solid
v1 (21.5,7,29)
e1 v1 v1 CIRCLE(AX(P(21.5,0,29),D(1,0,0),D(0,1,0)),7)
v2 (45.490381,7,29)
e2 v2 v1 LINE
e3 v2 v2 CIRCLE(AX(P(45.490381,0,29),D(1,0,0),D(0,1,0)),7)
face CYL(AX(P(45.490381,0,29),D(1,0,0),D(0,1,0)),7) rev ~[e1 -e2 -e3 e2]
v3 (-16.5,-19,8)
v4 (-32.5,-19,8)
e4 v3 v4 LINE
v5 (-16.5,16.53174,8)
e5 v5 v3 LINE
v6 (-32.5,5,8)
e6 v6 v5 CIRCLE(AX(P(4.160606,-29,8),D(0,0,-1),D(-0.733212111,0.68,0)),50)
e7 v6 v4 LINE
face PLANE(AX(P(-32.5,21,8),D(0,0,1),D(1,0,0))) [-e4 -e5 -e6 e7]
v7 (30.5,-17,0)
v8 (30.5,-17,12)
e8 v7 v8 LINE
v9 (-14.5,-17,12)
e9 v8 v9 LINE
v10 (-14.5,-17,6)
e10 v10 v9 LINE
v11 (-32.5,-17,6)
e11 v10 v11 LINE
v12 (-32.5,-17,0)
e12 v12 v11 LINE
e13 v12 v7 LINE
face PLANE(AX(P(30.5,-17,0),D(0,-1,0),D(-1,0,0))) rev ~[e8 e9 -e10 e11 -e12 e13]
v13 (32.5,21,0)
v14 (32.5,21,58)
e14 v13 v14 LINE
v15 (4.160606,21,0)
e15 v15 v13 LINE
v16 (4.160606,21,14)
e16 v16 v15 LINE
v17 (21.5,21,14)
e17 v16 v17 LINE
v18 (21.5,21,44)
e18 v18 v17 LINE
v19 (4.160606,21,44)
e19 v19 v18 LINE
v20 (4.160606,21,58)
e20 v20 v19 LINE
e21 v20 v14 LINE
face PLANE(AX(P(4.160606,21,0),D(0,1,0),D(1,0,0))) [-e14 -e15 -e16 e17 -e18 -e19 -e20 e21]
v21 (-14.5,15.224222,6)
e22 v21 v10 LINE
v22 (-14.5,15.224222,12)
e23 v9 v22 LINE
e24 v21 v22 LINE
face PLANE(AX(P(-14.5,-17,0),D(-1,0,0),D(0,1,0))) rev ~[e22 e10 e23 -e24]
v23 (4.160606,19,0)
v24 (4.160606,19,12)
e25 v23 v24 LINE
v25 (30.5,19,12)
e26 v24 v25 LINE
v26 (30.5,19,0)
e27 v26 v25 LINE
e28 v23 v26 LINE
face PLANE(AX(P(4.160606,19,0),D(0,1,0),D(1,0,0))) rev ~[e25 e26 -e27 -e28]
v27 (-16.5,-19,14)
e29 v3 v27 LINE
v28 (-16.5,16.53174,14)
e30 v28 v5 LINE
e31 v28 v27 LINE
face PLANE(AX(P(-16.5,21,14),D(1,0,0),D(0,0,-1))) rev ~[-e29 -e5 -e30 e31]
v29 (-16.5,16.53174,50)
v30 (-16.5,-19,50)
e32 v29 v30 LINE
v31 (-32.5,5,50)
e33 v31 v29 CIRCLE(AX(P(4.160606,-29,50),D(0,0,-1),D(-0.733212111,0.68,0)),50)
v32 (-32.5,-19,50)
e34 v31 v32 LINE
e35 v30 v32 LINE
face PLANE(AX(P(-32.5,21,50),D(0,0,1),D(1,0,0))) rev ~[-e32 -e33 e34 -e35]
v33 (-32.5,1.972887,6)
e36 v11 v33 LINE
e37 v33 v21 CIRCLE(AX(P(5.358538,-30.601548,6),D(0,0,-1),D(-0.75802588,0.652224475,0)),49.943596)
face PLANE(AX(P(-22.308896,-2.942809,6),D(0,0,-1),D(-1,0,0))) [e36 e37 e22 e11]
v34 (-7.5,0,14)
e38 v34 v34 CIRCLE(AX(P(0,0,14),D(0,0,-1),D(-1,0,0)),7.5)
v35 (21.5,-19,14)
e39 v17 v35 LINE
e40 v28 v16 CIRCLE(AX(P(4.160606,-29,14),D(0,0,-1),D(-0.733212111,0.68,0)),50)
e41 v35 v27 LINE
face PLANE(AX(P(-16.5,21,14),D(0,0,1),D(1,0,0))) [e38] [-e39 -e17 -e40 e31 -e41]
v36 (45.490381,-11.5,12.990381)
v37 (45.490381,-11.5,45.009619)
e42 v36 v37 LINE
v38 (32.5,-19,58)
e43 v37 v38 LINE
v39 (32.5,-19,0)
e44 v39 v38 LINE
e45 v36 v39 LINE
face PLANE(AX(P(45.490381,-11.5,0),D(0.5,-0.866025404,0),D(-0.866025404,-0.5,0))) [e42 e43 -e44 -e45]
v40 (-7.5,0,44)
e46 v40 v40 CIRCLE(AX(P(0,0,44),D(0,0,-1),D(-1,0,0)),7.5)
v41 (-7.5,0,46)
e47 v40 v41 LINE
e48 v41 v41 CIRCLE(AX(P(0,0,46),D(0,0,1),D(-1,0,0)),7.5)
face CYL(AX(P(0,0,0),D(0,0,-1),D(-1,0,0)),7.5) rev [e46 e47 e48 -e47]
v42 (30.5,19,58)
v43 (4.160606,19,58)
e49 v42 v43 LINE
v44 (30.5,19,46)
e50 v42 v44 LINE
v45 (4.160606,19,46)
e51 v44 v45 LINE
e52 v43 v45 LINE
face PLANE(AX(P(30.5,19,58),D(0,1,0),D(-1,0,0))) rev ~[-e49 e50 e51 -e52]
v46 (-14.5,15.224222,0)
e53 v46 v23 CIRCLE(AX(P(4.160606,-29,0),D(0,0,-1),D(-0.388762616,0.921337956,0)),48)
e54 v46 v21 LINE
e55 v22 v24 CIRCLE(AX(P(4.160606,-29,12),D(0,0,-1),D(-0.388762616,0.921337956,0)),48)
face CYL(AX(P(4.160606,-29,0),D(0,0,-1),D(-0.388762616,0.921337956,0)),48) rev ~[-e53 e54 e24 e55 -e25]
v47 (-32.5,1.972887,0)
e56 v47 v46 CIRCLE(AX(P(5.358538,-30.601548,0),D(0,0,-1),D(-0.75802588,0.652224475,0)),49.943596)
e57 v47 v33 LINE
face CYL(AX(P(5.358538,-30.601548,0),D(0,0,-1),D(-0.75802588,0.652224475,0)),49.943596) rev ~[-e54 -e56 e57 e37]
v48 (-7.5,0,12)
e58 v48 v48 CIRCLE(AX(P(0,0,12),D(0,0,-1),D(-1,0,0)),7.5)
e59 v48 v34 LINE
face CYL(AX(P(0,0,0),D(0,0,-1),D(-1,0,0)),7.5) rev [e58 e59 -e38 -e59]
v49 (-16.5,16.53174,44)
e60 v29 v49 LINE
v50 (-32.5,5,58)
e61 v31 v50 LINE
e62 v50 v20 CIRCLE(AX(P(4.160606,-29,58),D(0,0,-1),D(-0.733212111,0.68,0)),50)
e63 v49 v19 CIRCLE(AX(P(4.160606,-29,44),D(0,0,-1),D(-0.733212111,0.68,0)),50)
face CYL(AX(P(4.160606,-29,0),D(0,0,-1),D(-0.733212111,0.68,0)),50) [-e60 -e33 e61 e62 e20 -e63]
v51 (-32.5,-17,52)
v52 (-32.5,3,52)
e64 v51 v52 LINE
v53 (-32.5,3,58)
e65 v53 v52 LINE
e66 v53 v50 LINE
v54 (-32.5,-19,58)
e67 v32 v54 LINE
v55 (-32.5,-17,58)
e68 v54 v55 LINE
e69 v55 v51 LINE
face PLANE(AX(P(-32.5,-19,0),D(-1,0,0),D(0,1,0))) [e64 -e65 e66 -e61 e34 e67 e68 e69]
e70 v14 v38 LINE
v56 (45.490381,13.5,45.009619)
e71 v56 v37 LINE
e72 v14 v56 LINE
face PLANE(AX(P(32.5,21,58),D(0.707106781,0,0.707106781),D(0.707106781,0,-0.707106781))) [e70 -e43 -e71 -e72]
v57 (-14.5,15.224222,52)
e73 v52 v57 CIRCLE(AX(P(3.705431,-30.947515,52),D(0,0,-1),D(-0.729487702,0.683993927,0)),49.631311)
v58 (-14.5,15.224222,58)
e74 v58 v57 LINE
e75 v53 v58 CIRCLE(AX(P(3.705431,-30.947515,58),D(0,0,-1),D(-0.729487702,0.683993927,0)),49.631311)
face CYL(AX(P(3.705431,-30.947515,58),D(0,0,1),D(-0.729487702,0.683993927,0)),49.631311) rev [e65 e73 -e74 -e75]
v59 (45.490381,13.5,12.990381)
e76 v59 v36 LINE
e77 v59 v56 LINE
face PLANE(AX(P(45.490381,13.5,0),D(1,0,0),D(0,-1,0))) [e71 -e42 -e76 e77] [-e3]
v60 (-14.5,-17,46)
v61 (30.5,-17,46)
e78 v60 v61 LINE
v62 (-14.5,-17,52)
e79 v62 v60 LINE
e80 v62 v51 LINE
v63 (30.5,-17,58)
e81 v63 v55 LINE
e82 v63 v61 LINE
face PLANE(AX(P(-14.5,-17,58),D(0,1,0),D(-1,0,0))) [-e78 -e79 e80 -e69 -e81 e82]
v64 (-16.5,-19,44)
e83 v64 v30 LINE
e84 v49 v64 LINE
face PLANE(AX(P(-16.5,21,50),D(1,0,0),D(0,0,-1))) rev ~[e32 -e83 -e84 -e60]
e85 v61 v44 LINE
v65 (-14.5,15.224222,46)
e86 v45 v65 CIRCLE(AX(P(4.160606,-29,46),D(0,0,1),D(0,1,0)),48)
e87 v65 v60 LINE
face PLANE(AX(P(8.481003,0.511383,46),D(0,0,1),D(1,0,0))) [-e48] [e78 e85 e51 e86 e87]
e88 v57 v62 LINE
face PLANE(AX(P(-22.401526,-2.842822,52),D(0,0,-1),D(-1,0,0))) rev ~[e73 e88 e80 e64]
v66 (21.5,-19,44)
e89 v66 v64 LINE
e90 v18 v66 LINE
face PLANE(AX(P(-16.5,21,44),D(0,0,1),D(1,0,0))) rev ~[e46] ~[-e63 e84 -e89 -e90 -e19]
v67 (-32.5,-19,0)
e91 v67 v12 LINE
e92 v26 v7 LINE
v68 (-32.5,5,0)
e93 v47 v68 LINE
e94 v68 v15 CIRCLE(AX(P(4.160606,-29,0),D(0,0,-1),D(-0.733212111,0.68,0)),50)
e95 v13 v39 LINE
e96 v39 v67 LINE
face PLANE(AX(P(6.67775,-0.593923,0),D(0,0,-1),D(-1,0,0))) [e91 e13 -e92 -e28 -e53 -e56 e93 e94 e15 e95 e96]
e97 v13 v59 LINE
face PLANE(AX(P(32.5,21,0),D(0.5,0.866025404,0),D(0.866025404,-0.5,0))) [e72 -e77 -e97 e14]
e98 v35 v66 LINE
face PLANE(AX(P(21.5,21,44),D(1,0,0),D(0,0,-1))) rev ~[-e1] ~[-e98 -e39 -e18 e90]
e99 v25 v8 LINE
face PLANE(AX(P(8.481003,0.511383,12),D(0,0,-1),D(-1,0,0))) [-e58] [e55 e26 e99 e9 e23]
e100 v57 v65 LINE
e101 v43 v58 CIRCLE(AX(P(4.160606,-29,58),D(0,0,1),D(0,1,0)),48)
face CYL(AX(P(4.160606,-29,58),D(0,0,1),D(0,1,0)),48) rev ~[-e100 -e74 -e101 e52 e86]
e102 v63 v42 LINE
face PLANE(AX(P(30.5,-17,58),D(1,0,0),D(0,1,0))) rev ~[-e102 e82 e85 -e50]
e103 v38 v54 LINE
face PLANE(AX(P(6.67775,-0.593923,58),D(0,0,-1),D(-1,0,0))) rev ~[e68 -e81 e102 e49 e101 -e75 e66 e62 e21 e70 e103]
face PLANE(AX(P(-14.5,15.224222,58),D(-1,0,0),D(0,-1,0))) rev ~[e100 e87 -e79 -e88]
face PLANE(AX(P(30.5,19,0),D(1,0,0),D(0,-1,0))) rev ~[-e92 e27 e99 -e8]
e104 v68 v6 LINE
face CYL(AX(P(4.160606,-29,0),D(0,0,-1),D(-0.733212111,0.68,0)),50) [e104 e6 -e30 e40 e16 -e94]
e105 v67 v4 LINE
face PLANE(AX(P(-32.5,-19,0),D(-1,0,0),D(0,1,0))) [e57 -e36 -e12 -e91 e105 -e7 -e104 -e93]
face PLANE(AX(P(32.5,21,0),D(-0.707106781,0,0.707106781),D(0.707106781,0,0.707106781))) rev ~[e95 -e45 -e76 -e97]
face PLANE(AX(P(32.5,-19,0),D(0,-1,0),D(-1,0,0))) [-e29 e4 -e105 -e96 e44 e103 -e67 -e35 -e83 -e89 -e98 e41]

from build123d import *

# Parameters (mm, degrees)
SKETCH1_R               = 7.5
BOSS_EXTRUDE1_DEPTH     = 58
SKETCH2_W               = 38
SKETCH2_H               = 30
CUT_EXTRUDE1_DEPTH      = 84.865217872
CUT_EXTRUDE1_DEPTH_BACK = 84.865217872
SKETCH3_W               = 16
SKETCH3_H               = 6
CUT_EXTRUDE4_DEPTH      = 84.865217872
CUT_EXTRUDE4_DEPTH_BACK = 84.865217872
SKETCH4_R               = 7
CUT_EXTRUDE5_DEPTH      = 100.435906681
CUT_EXTRUDE5_DEPTH_BACK = 100.435906681
CUT_EXTRUDE6_DEPTH      = 84.865217872
CUT_EXTRUDE6_DEPTH_BACK = 84.865217872
SKETCH9_R               = 7.5
CUT_EXTRUDE10_DEPTH     = 12
CUT_EXTRUDE12_DEPTH     = 6
CUT_EXTRUDE13_DEPTH     = 12
CUT_EXTRUDE14_DEPTH     = 6


with BuildPart() as part:
    # Sketch1 → Boss-Extrude1 (new body)
    with BuildSketch(Plane.XY):
        with BuildLine():
            Line((32.5, -19), (-32.5, -19))
            Line((-32.5, -19), (-32.5, 5))
            ThreePointArc((-32.5, 5), (-15.83939444, 16.82575695), (4.16060556, 21))
            Line((4.16060556, 21), (32.5, 21))
            Line((32.5, 21), (45.490381057, 13.5))
            Line((45.490381057, 13.5), (45.490381057, -11.5))
            Line((45.490381057, -11.5), (32.5, -19))
        make_face()
        with Locations(Location((0, 0, 0), (0, 0, 180))):
            Circle(SKETCH1_R, mode=Mode.SUBTRACT)
    extrude(amount=BOSS_EXTRUDE1_DEPTH)

    # Sketch2 → Cut-Extrude1 (cut, two sides)
    with BuildSketch(Plane(origin=(0, 21, 0), x_dir=(1, 0, 0), z_dir=(0, 1, 0))) as cut_extrude1_sk:
        with Locations((2.5, -29)):
            Rectangle(SKETCH2_W, SKETCH2_H)
    extrude(amount=CUT_EXTRUDE1_DEPTH, mode=Mode.SUBTRACT)
    extrude(cut_extrude1_sk.sketch, amount=-CUT_EXTRUDE1_DEPTH_BACK, mode=Mode.SUBTRACT)

    # Sketch3 → Cut-Extrude4 (cut, two sides)
    with BuildSketch(Plane(origin=(0, 21, 0), x_dir=(1, 0, 0), z_dir=(0, 1, 0))) as cut_extrude4_sk:
        with Locations((-24.5, -47)):
            Rectangle(SKETCH3_W, SKETCH3_H)
        with Locations((-24.5, -11)):
            Rectangle(SKETCH3_W, SKETCH3_H)
    extrude(amount=CUT_EXTRUDE4_DEPTH, mode=Mode.SUBTRACT)
    extrude(cut_extrude4_sk.sketch, amount=-CUT_EXTRUDE4_DEPTH_BACK, mode=Mode.SUBTRACT)


with BuildPart() as body_2:
    # of the pieces the cut leaves, the one that is kept (cut_extrude4_keep)
    add(part.part.solids().sort_by_distance((4.16060556, 21, 0))[0])

    # Sketch4 → Cut-Extrude5 (cut, two sides)
    with BuildSketch(Plane(origin=(45.490381057, 0, 0), x_dir=(0, 0, -1), z_dir=(1, 0, 0))) as cut_extrude5_sk:
        with Locations(Location((-29, 0, 0), (0, 0, 90))):
            Circle(SKETCH4_R)
    extrude(amount=CUT_EXTRUDE5_DEPTH, mode=Mode.SUBTRACT)
    extrude(cut_extrude5_sk.sketch, amount=-CUT_EXTRUDE5_DEPTH_BACK, mode=Mode.SUBTRACT)

    # Sketch6 → Cut-Extrude6 (cut, two sides)
    with BuildSketch(Plane(origin=(0, 21, 0), x_dir=(1, 0, 0), z_dir=(0, 1, 0))) as cut_extrude6_sk:
        Polygon((32.5, 0), (45.490381057, -12.990381057), (45.490381057, 0), align=None)
        Polygon((45.490381057, -45.009618943), (45.490381057, -58), (32.5, -58), align=None)
    extrude(amount=CUT_EXTRUDE6_DEPTH, mode=Mode.SUBTRACT)
    extrude(cut_extrude6_sk.sketch, amount=-CUT_EXTRUDE6_DEPTH_BACK, mode=Mode.SUBTRACT)

    # Sketch9 → Cut-Extrude10 (cut)
    with BuildSketch(Plane.XY.offset(58)):
        with BuildLine():
            Line((30.5, 19), (4.16060556, 19))
            ThreePointArc((4.16060556, 19), (-5.358778616, 18.046586751), (-14.5, 15.224221872))
            Line((-14.5, 15.224221872), (-14.5, -17))
            Line((-14.5, -17), (30.5, -17))
            Line((30.5, -17), (30.5, 19))
        make_face()
        with Locations(Location((0, 0, 0), (0, 0, 180))):
            Circle(SKETCH9_R, mode=Mode.SUBTRACT)
    extrude(amount=-CUT_EXTRUDE10_DEPTH, mode=Mode.SUBTRACT)

    # Sketch10 → Cut-Extrude12 (cut)
    with BuildSketch(Plane.XY.offset(58)):
        with BuildLine():
            Line((-14.5, 15.224221872), (-14.5, -17))
            Line((-14.5, -17), (-32.5, -17))
            Line((-32.5, -17), (-32.5, 3))
            ThreePointArc((-32.5, 3), (-24.178137204, 10.110658721), (-14.5, 15.224221872))
        make_face()
    extrude(amount=-CUT_EXTRUDE12_DEPTH, mode=Mode.SUBTRACT)

    # Sketch14 → Cut-Extrude13 (cut)
    with BuildSketch(Plane(origin=(0, 0, 0), x_dir=(-1, 0, 0), z_dir=(0, 0, -1))):
        with BuildLine():
            Line((14.5, -17), (14.5, 15.224221872))
            ThreePointArc((14.5, 15.224221872), (5.358778616, 18.046586751), (-4.16060556, 19))
            Line((-4.16060556, 19), (-30.5, 19))
            Line((-30.5, 19), (-30.5, -17))
            Line((-30.5, -17), (14.5, -17))
        make_face()
    extrude(amount=-CUT_EXTRUDE13_DEPTH, mode=Mode.SUBTRACT)

    # Sketch15 → Cut-Extrude14 (cut)
    with BuildSketch(Plane(origin=(0, 0, 0), x_dir=(-1, 0, 0), z_dir=(0, 0, -1))):
        with BuildLine():
            Line((14.5, 15.224221872), (14.5, -17))
            Line((14.5, -17), (32.5, -17))
            Line((32.5, -17), (32.5, 1.972887098))
            ThreePointArc((32.5, 1.972887098), (24.250830172, 9.618447449), (14.5, 15.224221872))
        make_face()
    extrude(amount=-CUT_EXTRUDE14_DEPTH, mode=Mode.SUBTRACT)


solid = body_2.part
